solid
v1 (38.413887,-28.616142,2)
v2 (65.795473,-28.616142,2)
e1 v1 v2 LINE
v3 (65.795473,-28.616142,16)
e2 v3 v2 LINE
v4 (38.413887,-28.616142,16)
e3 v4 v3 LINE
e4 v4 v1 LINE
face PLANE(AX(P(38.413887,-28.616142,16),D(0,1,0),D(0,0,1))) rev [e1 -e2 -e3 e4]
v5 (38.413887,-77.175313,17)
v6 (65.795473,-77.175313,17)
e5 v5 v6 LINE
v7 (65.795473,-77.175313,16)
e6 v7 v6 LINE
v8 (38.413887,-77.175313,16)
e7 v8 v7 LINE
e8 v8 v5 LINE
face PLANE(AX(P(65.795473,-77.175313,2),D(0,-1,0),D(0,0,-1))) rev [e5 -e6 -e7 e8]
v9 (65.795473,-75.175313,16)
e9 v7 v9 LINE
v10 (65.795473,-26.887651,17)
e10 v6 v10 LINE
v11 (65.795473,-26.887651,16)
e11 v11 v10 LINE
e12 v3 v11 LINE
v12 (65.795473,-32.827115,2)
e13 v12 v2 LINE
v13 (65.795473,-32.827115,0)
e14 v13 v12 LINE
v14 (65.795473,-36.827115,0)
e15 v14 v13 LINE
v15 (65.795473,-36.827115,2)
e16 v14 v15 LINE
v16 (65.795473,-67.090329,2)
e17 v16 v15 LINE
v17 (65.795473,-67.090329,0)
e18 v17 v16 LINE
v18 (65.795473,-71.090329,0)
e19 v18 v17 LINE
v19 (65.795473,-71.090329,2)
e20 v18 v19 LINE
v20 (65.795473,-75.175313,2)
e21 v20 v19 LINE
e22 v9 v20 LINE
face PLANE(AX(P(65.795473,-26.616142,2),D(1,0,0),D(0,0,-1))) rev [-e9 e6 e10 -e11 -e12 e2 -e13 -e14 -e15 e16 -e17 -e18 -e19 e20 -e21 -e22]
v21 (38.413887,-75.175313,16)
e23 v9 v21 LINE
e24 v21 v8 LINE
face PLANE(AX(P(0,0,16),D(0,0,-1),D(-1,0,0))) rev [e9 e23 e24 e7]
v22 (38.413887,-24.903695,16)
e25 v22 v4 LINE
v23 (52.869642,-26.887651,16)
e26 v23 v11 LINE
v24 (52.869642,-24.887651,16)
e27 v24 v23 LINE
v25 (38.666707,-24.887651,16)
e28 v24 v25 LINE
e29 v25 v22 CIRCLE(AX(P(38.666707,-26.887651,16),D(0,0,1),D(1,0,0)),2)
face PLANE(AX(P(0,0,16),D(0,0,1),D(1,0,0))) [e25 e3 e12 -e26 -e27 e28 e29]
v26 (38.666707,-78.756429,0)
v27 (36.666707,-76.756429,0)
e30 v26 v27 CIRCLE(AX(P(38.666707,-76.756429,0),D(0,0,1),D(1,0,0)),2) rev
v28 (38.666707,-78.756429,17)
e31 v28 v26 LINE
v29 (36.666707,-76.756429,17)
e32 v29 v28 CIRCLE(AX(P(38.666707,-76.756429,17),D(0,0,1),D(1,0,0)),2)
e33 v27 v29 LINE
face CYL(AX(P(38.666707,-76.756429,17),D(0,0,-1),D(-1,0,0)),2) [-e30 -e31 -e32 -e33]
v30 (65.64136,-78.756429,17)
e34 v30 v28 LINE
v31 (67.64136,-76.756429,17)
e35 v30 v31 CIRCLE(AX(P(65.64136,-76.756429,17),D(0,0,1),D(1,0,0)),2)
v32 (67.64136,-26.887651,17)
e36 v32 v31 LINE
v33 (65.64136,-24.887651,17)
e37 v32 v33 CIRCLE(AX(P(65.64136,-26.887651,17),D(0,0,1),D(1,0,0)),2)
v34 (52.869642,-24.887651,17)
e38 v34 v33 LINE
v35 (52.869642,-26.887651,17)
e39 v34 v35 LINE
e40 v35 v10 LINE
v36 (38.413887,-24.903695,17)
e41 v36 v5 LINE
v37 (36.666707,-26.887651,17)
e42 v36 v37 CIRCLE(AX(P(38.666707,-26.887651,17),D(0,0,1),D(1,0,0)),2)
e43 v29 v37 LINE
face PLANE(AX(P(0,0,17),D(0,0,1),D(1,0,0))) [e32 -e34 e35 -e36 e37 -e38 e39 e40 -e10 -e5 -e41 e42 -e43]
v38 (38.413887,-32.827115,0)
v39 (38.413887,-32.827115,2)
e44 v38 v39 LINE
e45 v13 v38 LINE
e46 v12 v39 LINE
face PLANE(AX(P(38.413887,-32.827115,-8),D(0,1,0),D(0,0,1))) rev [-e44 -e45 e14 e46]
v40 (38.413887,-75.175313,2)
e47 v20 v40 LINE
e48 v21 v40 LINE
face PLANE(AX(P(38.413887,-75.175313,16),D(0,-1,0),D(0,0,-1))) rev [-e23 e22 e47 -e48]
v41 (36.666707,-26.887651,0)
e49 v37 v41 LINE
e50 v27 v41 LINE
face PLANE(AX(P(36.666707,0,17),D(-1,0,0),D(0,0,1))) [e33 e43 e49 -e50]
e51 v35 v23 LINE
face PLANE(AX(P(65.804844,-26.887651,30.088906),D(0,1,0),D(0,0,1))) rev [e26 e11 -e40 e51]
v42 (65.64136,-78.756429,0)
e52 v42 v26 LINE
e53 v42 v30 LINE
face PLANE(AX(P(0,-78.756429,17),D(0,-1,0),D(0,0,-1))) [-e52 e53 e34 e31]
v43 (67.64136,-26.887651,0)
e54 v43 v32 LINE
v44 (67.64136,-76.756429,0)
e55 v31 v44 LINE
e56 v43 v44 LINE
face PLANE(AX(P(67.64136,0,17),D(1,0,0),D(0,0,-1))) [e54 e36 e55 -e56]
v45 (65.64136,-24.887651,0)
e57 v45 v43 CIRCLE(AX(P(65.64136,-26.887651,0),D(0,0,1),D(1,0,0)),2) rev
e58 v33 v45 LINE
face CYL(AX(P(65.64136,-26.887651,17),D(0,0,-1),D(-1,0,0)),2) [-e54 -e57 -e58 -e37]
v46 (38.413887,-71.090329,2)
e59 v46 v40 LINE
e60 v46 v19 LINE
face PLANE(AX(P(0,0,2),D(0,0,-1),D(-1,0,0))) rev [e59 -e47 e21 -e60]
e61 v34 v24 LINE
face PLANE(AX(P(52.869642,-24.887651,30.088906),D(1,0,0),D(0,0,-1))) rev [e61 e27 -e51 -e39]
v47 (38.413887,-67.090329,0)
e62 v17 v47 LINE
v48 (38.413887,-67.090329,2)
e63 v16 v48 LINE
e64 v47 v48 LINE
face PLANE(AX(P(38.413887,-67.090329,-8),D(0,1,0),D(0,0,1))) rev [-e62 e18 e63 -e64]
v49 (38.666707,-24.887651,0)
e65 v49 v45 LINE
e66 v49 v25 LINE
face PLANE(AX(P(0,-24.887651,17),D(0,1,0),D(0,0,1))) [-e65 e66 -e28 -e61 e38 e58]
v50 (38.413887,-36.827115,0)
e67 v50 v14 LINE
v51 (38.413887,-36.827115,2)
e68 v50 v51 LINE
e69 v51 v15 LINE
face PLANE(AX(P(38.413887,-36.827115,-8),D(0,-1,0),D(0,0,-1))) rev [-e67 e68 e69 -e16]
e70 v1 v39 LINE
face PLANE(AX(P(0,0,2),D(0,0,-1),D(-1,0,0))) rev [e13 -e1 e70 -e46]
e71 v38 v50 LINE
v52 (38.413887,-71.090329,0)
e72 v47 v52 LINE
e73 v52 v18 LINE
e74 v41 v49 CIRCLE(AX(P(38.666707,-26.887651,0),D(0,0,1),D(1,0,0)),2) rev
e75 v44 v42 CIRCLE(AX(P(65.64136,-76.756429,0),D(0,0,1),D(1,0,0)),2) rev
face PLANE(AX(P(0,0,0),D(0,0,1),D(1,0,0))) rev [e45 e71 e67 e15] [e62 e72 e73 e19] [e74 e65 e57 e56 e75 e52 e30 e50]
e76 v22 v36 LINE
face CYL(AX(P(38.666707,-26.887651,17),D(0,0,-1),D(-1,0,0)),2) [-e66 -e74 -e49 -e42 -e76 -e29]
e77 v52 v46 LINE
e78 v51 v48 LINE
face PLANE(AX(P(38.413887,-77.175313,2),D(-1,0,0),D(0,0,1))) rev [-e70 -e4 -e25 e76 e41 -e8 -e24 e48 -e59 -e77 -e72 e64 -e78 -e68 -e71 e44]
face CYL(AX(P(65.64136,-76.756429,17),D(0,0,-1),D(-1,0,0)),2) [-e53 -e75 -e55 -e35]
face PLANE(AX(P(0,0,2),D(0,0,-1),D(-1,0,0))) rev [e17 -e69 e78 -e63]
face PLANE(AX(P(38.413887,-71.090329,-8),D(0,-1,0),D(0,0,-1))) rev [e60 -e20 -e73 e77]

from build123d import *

# Parameters (mm, degrees)
SKETCH_3_W          = 30.974653289306993
SKETCH_3_H          = 53.86877740136471
EXTRUDE_1_DEPTH     = 17
SKETCH_5_W          = 27.381586342504548
SKETCH_5_H          = 50.55917117672057
CUT_EXTRUDE_1_DEPTH = 15
SKETCH_6_W          = 27.381586342504548
SKETCH_6_H          = 2
EXTRUDE_2_DEPTH     = 14
SKETCH_9_W          = 27.3909573875588
SKETCH_9_H          = 1.7284906083583529
CUT_EXTRUDE_3_DEPTH = 1
SKETCH_10_W         = 12.935202359823364
SKETCH_10_H         = 2.000000000000007
EXTRUDE_4_DEPTH     = 1
FILLET_1_R          = 2
SKETCH_11_W         = 27.381586342504548
SKETCH_11_H         = 4
CUT_EXTRUDE_4_DEPTH = 10


with BuildPart() as part:
    # 草图3 → 凸台-拉伸1 (new body)
    with BuildSketch(Plane.XY):
        with Locations((52.15403343225914, -51.822040042061936)):
            Rectangle(SKETCH_3_W, SKETCH_3_H)
    extrude(amount=EXTRUDE_1_DEPTH)

    # 草图5 → 切除-拉伸1 (cut)
    with BuildSketch(Plane.XY.offset(17)):
        with Locations((52.10467994598998, -51.89572753809822)):
            Rectangle(SKETCH_5_W, SKETCH_5_H)
    extrude(amount=-CUT_EXTRUDE_1_DEPTH, mode=Mode.SUBTRACT)

    # 草图6 → 凸台-拉伸2 (add)
    with BuildSketch(Plane.XY.offset(2.0000000000000018)):
        with Locations((52.10467994598998, -27.616141949737933)):
            Rectangle(SKETCH_6_W, SKETCH_6_H)
        with Locations((52.10467994598998, -76.1753131264585)):
            Rectangle(SKETCH_6_W, SKETCH_6_H)
    extrude(amount=EXTRUDE_2_DEPTH)

    # 草图9 → 切除-拉伸3 (cut)
    with BuildSketch(Plane.XY.offset(17)):
        with Locations((52.109365468517105, -25.75189664555876)):
            Rectangle(SKETCH_9_W, SKETCH_9_H)
    extrude(amount=-CUT_EXTRUDE_3_DEPTH, mode=Mode.SUBTRACT)

    # 草图10 → 凸台-拉伸4 (add)
    with BuildSketch(Plane.XY.offset(16)):
        with Locations((59.33724298238482, -25.887651341379584)):
            Rectangle(SKETCH_10_W, SKETCH_10_H)
    extrude(amount=EXTRUDE_4_DEPTH)

    # 圆角1
    fillet_1_edges = [part.edges().sort_by_distance(p)[0] for p in [
        (67.64136007691263, -78.75642874274429, 8.5),
        (36.66670678760564, -78.75642874274429, 8.5),
        (36.66670678760564, -24.88765134137958, 8.5),
        (67.64136007691263, -24.88765134137958, 8.5),
    ]]
    fillet(fillet_1_edges, radius=FILLET_1_R)

    # 草图11 → 切除-拉伸4 (cut)
    with BuildSketch(Plane.XY.offset(2.0000000000000018)):
        with Locations((52.10467994598998, -34.82711454905556)):
            Rectangle(SKETCH_11_W, SKETCH_11_H)
        with Locations((52.10467994598998, -69.09032852544172)):
            Rectangle(SKETCH_11_W, SKETCH_11_H)
    extrude(amount=-CUT_EXTRUDE_4_DEPTH, mode=Mode.SUBTRACT)


solid = part.part
